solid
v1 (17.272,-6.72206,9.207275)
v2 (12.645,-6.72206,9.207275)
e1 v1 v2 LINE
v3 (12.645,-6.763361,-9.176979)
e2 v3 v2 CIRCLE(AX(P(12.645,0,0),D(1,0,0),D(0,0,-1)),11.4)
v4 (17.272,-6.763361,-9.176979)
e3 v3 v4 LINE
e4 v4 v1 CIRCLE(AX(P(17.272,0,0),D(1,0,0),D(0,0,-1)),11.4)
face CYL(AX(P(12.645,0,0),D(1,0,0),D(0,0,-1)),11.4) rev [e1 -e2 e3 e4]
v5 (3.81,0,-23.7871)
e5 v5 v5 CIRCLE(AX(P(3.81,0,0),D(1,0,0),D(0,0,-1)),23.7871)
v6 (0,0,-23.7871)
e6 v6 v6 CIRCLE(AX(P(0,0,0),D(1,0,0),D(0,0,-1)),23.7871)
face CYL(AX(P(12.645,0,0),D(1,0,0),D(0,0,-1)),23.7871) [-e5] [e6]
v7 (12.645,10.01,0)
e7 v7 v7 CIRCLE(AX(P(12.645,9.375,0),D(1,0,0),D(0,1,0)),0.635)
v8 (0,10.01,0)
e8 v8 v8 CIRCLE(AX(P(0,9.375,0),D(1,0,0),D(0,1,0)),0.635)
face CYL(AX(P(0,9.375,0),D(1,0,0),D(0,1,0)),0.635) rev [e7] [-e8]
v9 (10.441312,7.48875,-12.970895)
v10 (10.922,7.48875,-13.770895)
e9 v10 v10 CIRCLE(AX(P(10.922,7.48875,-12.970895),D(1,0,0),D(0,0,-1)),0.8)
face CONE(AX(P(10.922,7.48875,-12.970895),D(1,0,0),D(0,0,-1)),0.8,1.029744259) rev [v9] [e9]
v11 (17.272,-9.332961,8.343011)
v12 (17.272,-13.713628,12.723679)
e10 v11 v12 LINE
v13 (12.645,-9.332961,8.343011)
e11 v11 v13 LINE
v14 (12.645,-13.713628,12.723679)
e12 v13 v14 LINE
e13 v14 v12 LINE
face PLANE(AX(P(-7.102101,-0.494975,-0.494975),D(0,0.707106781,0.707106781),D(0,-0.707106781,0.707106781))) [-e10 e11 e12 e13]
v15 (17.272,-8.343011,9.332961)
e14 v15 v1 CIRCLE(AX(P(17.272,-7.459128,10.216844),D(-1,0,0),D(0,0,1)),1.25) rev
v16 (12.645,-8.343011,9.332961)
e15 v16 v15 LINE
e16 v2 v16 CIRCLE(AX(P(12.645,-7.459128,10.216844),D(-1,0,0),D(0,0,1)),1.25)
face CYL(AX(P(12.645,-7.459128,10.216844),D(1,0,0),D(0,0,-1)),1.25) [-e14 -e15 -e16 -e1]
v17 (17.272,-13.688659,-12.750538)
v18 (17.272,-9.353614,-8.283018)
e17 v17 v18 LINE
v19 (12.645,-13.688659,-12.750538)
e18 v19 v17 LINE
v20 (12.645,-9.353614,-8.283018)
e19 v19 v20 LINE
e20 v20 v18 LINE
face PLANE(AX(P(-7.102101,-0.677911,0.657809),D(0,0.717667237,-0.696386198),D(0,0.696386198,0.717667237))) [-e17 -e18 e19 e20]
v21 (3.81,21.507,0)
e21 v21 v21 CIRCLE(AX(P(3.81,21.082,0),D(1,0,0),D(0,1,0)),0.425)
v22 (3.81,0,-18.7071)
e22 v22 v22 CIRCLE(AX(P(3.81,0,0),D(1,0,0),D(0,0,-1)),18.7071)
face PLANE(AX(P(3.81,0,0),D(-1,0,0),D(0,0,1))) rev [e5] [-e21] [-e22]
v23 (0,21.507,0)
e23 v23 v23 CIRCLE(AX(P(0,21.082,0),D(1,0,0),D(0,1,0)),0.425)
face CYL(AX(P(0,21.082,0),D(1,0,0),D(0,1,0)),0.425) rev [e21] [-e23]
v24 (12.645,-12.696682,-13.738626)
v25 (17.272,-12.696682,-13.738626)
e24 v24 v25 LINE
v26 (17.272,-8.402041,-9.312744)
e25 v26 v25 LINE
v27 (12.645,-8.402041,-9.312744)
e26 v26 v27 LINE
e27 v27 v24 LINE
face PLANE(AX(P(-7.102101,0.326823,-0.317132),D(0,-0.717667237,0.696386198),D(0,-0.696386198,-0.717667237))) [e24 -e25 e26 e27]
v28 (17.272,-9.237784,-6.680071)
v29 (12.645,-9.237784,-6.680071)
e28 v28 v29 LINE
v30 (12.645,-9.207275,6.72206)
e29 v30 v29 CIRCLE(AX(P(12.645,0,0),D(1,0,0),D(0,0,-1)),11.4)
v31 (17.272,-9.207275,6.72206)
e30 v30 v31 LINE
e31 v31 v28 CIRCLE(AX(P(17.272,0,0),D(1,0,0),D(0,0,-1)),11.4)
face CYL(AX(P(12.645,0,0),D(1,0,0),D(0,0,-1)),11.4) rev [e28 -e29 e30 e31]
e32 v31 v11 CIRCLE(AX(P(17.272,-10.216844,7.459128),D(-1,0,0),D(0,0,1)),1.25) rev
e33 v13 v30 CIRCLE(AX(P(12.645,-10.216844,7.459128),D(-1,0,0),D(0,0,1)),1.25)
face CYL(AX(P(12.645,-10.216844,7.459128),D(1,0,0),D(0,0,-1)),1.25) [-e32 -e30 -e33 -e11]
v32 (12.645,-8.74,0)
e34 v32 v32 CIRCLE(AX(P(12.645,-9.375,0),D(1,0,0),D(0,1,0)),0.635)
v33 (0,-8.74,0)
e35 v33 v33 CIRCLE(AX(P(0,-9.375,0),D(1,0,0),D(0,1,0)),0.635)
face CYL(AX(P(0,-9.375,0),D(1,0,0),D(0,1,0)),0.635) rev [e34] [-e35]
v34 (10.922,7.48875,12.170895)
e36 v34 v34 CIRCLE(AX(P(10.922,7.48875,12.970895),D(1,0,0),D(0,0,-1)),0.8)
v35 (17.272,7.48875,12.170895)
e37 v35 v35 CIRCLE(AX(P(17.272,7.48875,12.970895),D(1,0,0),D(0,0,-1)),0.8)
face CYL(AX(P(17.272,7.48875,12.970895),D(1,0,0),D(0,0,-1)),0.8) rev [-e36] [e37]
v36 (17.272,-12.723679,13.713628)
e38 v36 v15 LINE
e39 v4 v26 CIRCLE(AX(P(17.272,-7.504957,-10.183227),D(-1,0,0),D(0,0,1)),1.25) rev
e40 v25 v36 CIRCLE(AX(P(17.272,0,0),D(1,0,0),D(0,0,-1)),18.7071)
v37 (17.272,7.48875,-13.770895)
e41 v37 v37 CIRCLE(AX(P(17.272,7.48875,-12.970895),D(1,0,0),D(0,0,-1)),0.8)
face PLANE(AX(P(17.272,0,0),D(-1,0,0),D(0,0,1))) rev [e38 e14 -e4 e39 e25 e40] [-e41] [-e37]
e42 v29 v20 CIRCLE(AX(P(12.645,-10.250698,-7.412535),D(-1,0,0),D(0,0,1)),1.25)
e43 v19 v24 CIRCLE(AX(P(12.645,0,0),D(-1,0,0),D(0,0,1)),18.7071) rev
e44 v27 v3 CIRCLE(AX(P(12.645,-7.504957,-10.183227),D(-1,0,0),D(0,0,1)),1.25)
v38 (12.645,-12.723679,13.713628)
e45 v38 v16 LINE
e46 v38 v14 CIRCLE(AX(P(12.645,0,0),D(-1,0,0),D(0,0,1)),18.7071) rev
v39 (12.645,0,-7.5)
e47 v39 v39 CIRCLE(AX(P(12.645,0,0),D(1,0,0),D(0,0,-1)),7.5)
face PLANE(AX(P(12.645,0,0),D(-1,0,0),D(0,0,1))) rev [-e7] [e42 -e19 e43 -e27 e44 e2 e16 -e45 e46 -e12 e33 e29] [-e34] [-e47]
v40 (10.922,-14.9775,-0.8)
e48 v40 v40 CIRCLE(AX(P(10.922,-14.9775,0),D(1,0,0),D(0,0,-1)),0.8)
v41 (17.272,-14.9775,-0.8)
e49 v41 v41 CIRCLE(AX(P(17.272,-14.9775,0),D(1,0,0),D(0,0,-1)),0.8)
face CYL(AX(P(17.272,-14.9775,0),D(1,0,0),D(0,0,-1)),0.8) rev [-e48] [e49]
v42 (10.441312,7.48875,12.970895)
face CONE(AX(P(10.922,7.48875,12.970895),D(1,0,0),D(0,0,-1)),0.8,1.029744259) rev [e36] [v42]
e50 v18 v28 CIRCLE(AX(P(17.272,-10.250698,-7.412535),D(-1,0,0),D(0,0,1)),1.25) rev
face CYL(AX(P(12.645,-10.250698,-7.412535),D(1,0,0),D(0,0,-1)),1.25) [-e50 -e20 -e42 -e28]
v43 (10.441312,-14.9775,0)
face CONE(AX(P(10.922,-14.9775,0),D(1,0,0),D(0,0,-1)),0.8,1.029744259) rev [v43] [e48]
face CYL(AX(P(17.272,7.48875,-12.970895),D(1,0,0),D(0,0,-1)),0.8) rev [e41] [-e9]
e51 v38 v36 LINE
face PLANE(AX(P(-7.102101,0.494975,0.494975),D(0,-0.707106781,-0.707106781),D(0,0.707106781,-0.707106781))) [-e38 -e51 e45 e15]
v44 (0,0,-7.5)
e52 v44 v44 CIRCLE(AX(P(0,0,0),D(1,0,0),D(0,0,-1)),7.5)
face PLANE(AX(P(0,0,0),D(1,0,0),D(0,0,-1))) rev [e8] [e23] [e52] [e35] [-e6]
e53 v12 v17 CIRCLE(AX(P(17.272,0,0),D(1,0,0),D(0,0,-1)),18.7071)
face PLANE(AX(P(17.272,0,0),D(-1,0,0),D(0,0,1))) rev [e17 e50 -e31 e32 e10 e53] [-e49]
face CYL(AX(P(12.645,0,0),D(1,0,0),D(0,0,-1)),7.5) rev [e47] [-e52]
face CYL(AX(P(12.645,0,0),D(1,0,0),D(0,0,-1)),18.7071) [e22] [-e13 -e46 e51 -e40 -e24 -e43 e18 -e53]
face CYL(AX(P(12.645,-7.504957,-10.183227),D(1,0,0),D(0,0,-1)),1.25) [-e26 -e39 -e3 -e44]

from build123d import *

# Parameters (mm, degrees)
SKETCH2_R                 = 0.315
CUT_EXTRUDE1_DEPTH        = 4.627
SKETCH3_R                 = 0.425
CUT_EXTRUDE2_DEPTH        = 37.233654202
SKETCH4_R                 = 0.635
CUT_EXTRUDE3_DEPTH        = 36.938117338
FILLET1_R                 = 1.25
M2X0_4_TAPPED_HOLE1_D     = 1.6
M2X0_4_TAPPED_HOLE1_DEPTH = 6.35
M2X0_4_TAPPED_HOLE1_TIP   = 0.480688495


with BuildPart() as part:
    # Sketch1 → Revolve1 (revolve)
    with BuildSketch(Plane.XY, mode=Mode.PRIVATE) as revolve1_sk:
        Polygon((0, 23.7871), (0, 7.5), (12.645, 7.5), (12.645, 11.4), (17.272, 11.4), (17.272, 18.7071), (3.81, 18.7071), (3.81, 23.7871), align=None)
    revolve(revolve1_sk.sketch.rotate(Axis((12.645, 0, 0), (-1, 0, 0)), 90), axis=Axis((12.645, 0, 0), (-1, 0, 0)))

    # Sketch2 → Cut-Extrude1 (cut)
    with BuildSketch(Plane(origin=(17.272, 0, 0), x_dir=(0, 0, -1), z_dir=(1, 0, 0))):
        with BuildLine():
            Line((-0.657808531, -0.677910665), (0, 0))
            Line((0, 0), (-0.494974747, 0.494974747))
            Line((-0.494974747, 0.494974747), (-8.540781108, -7.550831614))
            ThreePointArc((-8.540781108, -7.550831614), (-8.061017306, -8.061017306), (-7.550831614, -8.540781108))
            Line((-7.550831614, -8.540781108), (-0.16558691, -1.155536403))
            Line((-0.16558691, -1.155536403), (-0.657808531, -0.677910665))
        make_face()
        with BuildLine():
            Line((-12.723678558, -13.713628052), (-7.550831614, -8.540781108))
            ThreePointArc((-7.550831614, -8.540781108), (-8.061017306, -8.061017306), (-8.540781108, -7.550831614))
            Line((-8.540781108, -7.550831614), (-13.713628052, -12.723678558))
            ThreePointArc((-13.713628052, -12.723678558), (-13.473131789, -12.978070358), (-13.227917265, -13.227917267))
            ThreePointArc((-13.227917265, -13.227917267), (-12.978070357, -13.473131789), (-12.723678558, -13.713628052))
        make_face()
        with BuildLine():
            Line((13.738626304, -12.696682153), (8.492008215, -7.60564241))
            ThreePointArc((8.492008215, -7.60564241), (8.00885551, -8.112843732), (7.495463784, -8.589413406))
            Line((7.495463784, -8.589413406), (12.750537979, -13.688658505))
            ThreePointArc((12.750537979, -13.688658505), (13.09218126, -13.362274517), (13.425472665, -13.027366354))
            ThreePointArc((13.425472665, -13.027366354), (13.58305585, -12.862977268), (13.738626304, -12.696682153))
        make_face()
        with BuildLine():
            Line((8.492008215, -7.60564241), (0.317132147, 0.326823466))
            Line((0.317132147, 0.326823466), (0, 0))
            Line((0, 0), (0.494974747, -0.494974747))
            Line((0.494974747, -0.494974747), (-0.16558691, -1.155536403))
            Line((-0.16558691, -1.155536403), (7.495463784, -8.589413406))
            ThreePointArc((7.495463784, -8.589413406), (8.00885551, -8.112843732), (8.492008215, -7.60564241))
        make_face()
        with Locations((0, -14.9775)):
            Circle(SKETCH2_R)
        with Locations((-12.970895485, 7.48875)):
            Circle(SKETCH2_R)
        with Locations((12.970895485, 7.48875)):
            Circle(SKETCH2_R)
    extrude(amount=-CUT_EXTRUDE1_DEPTH, mode=Mode.SUBTRACT)

    # Sketch3 → Cut-Extrude2 (cut, through all)
    with BuildSketch(Plane(origin=(3.81, 0, 0), x_dir=(0, 0, -1), z_dir=(1, 0, 0))):
        with Locations(Location((0, 21.082, 0), (0, 0, 90))):
            Circle(SKETCH3_R)
    extrude(amount=-CUT_EXTRUDE2_DEPTH, mode=Mode.SUBTRACT)

    # Sketch4 → Cut-Extrude3 (cut, through all)
    with BuildSketch(Plane(origin=(12.645, 0, 0), x_dir=(0, 0, -1), z_dir=(1, 0, 0))):
        with Locations(Location((0, 9.375, 0), (0, 0, 90))):
            Circle(SKETCH4_R)
        with Locations(Location((0, -9.375, 0), (0, 0, 90))):
            Circle(SKETCH4_R)
    extrude(amount=-CUT_EXTRUDE3_DEPTH, mode=Mode.SUBTRACT)

    # Fillet1
    fillet1_edges = [part.edges().sort_by_distance(p)[0] for p in [
        (14.9585, -7.550831614, 8.540781108),
        (14.9585, -8.540781108, 7.550831614),
        (14.9585, -7.60564241, -8.492008215),
        (14.9585, -8.589413406, -7.495463784),
    ]]
    fillet(fillet1_edges, radius=FILLET1_R)

    # M2x0.4 Tapped Hole1
    with Locations(Plane(origin=(17.272, 7.48875, 12.970895485), x_dir=(0, 0, 1), z_dir=(1, 0, 0))):
        with Locations((0, 0), (-25.94179097, 0), (-12.970895485, 22.46625)):
            Hole(M2X0_4_TAPPED_HOLE1_D / 2, depth=M2X0_4_TAPPED_HOLE1_DEPTH)
            with Locations((0, 0, -(M2X0_4_TAPPED_HOLE1_DEPTH + M2X0_4_TAPPED_HOLE1_TIP / 2))):  # 118° drill point
                Cone(0, M2X0_4_TAPPED_HOLE1_D / 2, M2X0_4_TAPPED_HOLE1_TIP, mode=Mode.SUBTRACT)


solid = part.part
